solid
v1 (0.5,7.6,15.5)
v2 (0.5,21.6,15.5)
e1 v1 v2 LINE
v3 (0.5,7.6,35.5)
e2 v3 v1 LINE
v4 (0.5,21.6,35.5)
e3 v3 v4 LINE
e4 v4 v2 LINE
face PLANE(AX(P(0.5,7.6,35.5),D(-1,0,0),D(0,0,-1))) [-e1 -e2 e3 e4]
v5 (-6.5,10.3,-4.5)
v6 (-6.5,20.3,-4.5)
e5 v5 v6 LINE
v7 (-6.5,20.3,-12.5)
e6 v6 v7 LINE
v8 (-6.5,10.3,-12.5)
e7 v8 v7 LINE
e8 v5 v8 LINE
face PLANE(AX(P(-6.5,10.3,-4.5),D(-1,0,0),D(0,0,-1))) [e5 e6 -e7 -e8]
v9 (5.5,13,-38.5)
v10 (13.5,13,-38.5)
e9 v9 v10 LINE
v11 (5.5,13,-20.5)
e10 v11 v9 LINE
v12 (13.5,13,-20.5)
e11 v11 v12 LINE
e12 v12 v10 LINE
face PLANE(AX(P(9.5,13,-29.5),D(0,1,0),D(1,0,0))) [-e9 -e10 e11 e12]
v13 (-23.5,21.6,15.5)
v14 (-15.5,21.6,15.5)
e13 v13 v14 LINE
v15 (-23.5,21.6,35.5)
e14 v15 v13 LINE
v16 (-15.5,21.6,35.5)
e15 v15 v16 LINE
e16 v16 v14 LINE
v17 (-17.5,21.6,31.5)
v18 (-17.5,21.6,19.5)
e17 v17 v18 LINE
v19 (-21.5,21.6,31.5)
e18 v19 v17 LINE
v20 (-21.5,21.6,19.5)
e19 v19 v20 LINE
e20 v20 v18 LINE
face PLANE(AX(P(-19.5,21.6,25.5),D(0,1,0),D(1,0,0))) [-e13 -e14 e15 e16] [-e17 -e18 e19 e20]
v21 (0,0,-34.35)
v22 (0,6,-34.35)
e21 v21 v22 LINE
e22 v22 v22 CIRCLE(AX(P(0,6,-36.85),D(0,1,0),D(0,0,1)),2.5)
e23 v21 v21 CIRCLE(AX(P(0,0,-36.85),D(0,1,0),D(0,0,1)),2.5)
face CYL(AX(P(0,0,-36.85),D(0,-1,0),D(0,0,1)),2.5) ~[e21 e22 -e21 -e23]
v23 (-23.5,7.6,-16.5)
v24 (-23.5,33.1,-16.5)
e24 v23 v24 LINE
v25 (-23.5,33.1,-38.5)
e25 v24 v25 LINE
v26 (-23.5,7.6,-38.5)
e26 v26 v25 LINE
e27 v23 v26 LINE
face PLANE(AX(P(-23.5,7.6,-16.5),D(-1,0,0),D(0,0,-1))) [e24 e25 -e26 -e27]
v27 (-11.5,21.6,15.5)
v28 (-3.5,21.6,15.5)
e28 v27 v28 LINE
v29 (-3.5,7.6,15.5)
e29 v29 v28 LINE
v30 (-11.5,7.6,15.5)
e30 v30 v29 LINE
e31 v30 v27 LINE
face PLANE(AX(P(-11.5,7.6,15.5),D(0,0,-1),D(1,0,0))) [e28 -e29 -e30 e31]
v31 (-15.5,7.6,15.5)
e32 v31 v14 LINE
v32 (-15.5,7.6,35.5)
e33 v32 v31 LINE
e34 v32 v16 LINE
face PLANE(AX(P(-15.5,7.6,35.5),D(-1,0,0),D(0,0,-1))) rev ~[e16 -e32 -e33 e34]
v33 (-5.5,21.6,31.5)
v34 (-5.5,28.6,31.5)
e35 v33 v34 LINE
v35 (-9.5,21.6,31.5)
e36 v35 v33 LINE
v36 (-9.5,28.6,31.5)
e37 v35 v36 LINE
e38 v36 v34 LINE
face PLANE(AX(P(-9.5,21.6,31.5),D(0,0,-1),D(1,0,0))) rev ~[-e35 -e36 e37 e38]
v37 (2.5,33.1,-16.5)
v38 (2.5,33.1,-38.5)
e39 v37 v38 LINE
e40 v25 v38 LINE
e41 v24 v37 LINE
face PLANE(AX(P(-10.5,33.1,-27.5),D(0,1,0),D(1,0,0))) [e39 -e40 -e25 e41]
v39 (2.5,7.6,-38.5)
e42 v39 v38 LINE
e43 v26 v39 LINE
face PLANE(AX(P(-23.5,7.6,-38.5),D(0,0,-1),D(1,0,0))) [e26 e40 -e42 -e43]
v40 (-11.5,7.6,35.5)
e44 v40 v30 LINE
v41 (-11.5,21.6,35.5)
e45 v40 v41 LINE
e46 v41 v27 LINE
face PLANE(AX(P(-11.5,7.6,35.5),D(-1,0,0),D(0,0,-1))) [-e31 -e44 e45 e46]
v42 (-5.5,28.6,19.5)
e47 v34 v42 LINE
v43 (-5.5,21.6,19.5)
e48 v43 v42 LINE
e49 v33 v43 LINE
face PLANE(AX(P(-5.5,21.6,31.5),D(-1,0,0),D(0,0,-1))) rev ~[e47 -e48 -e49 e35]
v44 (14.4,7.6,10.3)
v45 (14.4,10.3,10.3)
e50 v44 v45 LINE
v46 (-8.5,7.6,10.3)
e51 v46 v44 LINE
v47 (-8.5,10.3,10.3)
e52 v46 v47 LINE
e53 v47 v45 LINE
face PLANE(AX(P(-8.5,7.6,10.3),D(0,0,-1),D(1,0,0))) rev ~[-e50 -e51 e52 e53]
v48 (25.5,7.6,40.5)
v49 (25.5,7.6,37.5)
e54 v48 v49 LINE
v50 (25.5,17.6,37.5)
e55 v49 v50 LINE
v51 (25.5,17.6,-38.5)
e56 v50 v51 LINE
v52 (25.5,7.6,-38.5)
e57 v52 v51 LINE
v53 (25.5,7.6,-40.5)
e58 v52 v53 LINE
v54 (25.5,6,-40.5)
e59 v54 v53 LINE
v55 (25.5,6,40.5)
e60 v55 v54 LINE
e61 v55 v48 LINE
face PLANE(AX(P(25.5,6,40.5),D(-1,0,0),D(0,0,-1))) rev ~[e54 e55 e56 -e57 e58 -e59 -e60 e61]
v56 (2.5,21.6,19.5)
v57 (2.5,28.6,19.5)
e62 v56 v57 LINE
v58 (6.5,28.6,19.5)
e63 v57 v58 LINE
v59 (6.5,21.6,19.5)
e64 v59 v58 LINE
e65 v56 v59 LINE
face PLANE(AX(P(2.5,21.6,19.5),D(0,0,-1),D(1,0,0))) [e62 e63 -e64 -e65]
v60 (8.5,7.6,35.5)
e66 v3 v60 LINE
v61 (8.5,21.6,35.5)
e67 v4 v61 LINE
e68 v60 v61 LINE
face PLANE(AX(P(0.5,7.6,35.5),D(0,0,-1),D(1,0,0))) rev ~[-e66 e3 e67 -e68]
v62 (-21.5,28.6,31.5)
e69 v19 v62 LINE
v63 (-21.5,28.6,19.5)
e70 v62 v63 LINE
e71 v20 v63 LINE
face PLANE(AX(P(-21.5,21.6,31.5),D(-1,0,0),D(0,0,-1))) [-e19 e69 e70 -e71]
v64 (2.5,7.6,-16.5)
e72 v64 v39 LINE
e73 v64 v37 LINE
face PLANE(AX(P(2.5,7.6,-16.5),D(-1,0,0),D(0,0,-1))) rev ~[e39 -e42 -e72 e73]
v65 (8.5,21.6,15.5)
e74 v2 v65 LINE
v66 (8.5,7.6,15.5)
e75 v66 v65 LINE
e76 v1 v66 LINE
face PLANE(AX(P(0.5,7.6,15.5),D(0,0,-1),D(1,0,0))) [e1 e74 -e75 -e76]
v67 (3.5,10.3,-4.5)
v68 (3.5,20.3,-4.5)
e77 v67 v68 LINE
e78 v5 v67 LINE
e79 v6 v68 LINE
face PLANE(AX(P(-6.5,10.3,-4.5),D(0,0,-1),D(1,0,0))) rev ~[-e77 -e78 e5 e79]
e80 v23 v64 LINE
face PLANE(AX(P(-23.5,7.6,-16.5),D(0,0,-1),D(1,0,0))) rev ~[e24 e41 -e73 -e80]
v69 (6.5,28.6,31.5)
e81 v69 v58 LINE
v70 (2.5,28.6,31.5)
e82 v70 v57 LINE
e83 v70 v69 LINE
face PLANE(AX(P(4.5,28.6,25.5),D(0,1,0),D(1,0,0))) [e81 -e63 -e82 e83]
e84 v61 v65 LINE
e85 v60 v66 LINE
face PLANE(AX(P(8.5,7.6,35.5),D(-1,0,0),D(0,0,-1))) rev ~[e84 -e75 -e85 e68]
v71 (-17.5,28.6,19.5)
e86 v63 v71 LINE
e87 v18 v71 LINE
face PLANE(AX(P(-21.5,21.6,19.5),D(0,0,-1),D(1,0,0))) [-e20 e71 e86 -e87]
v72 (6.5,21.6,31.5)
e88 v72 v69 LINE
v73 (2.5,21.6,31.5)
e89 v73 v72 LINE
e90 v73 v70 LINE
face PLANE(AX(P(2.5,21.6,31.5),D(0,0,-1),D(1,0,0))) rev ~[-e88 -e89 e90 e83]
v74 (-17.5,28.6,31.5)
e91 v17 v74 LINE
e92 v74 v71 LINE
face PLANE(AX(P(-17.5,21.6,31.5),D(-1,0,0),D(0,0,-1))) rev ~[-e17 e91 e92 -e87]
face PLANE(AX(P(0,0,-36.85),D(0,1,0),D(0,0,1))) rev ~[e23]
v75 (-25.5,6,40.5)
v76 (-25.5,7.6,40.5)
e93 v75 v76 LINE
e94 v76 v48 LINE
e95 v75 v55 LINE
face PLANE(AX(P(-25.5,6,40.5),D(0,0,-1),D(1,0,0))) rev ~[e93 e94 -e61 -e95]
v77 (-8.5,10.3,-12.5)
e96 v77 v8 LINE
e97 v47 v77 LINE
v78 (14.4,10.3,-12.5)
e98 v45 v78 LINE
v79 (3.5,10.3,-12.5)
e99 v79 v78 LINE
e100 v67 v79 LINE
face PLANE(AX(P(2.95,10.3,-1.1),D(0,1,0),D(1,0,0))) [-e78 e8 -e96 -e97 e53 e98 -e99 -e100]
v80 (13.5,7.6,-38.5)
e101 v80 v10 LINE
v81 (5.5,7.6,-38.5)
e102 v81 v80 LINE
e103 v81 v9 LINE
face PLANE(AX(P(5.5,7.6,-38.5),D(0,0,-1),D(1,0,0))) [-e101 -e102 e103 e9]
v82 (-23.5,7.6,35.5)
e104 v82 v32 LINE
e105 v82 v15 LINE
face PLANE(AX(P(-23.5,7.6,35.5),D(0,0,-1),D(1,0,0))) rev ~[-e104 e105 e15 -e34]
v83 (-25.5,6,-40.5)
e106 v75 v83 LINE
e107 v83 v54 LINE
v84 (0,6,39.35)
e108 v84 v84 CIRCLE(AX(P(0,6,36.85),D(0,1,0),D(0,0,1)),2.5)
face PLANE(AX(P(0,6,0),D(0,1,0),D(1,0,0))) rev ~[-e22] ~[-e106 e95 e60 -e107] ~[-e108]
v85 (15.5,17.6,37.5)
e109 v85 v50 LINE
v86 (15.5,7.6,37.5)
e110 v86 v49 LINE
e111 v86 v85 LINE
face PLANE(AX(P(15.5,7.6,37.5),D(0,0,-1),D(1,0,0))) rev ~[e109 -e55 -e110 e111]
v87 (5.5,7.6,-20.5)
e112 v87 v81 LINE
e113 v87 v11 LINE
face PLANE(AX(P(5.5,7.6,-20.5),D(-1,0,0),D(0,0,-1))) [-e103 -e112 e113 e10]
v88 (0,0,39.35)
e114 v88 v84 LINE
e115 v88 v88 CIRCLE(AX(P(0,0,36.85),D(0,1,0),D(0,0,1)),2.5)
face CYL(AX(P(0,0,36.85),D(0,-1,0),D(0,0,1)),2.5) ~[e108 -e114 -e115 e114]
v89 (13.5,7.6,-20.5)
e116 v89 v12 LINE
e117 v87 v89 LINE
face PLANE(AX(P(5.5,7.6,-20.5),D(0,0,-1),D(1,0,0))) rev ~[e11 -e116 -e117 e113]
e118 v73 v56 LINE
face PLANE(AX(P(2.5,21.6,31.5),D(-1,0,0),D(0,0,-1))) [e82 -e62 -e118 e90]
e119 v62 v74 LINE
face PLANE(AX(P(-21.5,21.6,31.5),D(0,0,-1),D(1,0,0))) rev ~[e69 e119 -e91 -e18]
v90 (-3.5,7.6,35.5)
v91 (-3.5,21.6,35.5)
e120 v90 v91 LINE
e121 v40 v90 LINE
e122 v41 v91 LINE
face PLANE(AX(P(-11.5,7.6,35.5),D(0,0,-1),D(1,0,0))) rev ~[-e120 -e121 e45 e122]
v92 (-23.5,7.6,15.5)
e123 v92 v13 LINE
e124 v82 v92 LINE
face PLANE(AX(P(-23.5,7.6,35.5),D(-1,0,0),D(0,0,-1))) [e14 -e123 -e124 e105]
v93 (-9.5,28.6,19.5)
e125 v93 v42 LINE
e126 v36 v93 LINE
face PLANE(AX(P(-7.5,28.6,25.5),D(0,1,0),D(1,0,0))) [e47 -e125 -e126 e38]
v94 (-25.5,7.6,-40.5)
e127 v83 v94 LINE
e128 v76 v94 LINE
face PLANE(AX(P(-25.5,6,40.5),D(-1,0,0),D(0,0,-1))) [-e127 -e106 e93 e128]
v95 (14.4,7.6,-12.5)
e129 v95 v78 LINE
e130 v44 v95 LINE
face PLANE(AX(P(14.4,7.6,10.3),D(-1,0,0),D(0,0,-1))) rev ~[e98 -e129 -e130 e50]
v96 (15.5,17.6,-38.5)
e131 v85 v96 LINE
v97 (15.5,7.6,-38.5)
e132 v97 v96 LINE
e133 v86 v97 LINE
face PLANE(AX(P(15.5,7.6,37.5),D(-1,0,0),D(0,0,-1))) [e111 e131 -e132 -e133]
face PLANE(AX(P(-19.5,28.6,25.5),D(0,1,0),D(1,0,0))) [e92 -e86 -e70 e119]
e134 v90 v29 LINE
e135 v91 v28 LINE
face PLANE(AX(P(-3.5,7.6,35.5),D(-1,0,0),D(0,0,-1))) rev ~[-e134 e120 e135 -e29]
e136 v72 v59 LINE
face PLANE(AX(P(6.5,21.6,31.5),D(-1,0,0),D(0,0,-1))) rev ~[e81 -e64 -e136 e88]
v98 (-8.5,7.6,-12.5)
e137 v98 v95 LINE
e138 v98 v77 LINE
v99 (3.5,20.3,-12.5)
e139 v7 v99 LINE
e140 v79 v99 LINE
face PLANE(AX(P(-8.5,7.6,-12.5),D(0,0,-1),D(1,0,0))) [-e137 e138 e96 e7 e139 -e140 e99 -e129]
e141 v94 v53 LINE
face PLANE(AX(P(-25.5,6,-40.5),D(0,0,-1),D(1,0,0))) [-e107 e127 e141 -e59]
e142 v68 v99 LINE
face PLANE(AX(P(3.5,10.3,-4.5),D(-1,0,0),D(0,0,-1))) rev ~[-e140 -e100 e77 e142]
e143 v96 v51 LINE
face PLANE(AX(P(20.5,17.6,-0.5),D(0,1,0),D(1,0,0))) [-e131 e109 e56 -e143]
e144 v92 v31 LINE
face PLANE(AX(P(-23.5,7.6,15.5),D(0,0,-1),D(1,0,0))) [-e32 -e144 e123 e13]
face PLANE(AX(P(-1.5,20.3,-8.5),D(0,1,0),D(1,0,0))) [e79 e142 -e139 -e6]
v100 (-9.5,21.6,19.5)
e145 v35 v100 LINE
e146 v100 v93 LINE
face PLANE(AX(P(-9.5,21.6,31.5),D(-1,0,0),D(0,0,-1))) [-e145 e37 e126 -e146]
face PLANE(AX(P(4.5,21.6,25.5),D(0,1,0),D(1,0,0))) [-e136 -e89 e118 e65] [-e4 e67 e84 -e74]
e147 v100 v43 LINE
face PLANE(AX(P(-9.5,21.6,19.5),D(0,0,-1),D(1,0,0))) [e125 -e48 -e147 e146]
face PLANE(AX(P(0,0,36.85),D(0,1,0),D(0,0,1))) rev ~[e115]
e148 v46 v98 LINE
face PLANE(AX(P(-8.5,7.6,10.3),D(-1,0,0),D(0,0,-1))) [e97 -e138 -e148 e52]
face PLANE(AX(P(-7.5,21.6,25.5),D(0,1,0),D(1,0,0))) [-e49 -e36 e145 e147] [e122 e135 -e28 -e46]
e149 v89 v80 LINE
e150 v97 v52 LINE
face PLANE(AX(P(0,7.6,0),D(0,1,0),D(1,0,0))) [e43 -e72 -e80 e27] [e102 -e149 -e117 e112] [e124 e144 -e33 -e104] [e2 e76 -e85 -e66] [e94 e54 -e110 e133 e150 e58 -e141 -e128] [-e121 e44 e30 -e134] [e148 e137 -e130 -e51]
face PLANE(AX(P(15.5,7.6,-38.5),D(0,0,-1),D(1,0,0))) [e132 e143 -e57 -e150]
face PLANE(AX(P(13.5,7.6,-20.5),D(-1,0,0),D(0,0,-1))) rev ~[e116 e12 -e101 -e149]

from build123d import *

# Parameters (mm, degrees)
SK_P01_STANDOFF_R                  = 2.5
P01_STANDOFF_DEPTH                 = 6
SK_P02_STANDOFF_R                  = 2.5
P02_STANDOFF_DEPTH                 = 6
P03_PERMAPROTOHALFSIZEBOARD_START  = 6
SK_P03_PERMAPROTOHALFSIZEBOARD_W   = 51
SK_P03_PERMAPROTOHALFSIZEBOARD_H   = 81
P03_PERMAPROTOHALFSIZEBOARD_DEPTH  = 1.6
P04_K1RELAYCB1AFP12V_START         = 7.6
SK_P04_K1RELAYCB1AFP12V_W          = 26
SK_P04_K1RELAYCB1AFP12V_H          = 22
P04_K1RELAYCB1AFP12V_DEPTH         = 25.5
P05_R1D3D4K1COIL_START             = 7.6
SK_P05_R1D3D4K1COIL_W              = 8
SK_P05_R1D3D4K1COIL_H              = 18
P05_R1D3D4K1COIL_DEPTH             = 5.4
P06_INA2601MOTOR_START             = 7.6
SK_P06_INA2601MOTOR_W              = 22.9
SK_P06_INA2601MOTOR_H              = 22.8
P06_INA2601MOTOR_DEPTH             = 2.7
P07_INA260TERMINALBLOCK_START      = 10.3
SK_P07_INA260TERMINALBLOCK_W       = 10
SK_P07_INA260TERMINALBLOCK_H       = 8
P07_INA260TERMINALBLOCK_DEPTH      = 10
P08_F1HOLDER30APCBBLADE_START      = 7.6
SK_P08_F1HOLDER30APCBBLADE_W       = 8
SK_P08_F1HOLDER30APCBBLADE_H       = 20
P08_F1HOLDER30APCBBLADE_DEPTH      = 14
P09_F115AFUSE_START                = 21.6
SK_P09_F115AFUSE_W                 = 4
SK_P09_F115AFUSE_H                 = 12
P09_F115AFUSE_DEPTH                = 7
P10_F3HOLDER_START                 = 7.6
SK_P10_F3HOLDER_W                  = 8
SK_P10_F3HOLDER_H                  = 20
P10_F3HOLDER_DEPTH                 = 14
P11_F33AFUSE_START                 = 21.6
SK_P11_F33AFUSE_W                  = 4
SK_P11_F33AFUSE_H                  = 12
P11_F33AFUSE_DEPTH                 = 7
P12_F4HOLDER_START                 = 7.6
SK_P12_F4HOLDER_W                  = 8
SK_P12_F4HOLDER_H                  = 20
P12_F4HOLDER_DEPTH                 = 14
P13_F43AFUSE_START                 = 21.6
SK_P13_F43AFUSE_W                  = 4
SK_P13_F43AFUSE_H                  = 12
P13_F43AFUSE_DEPTH                 = 7
P14_TERMINALBLOCKSTB1TB4WIRE_START = 7.6
SK_P14_TERMINALBLOCKSTB1TB4WIRE_W  = 10
SK_P14_TERMINALBLOCKSTB1TB4WIRE_H  = 76
P14_TERMINALBLOCKSTB1TB4WIRE_DEPTH = 10


with BuildPart() as part:
    # SK_P01_Standoff → P01_Standoff (new body)
    with BuildSketch(Plane(origin=(0, 0, 0), x_dir=(1, 0, 0), z_dir=(0, 1, 0))):
        with Locations(Location((0, 36.85, 0), (0, 0, 270))):
            Circle(SK_P01_STANDOFF_R)
    extrude(amount=P01_STANDOFF_DEPTH)



with BuildPart() as body_2:
    # SK_P02_Standoff → P02_Standoff (new body)
    with BuildSketch(Plane(origin=(0, 0, 0), x_dir=(1, 0, 0), z_dir=(0, 1, 0))):
        with Locations(Location((0, -36.85, 0), (0, 0, 270))):
            Circle(SK_P02_STANDOFF_R)
    extrude(amount=P02_STANDOFF_DEPTH)


with BuildPart() as part_1:
    add(part.part)

    add(body_2.part)  # P03_PermaProtohalfsizeboard merges body 2
    # SK_P03_PermaProtohalfsizeboard → P03_PermaProtohalfsizeboard (add)
    with BuildSketch(Plane(origin=(0, 0, 0), x_dir=(1, 0, 0), z_dir=(0, 1, 0)).offset(P03_PERMAPROTOHALFSIZEBOARD_START)):
        Rectangle(SK_P03_PERMAPROTOHALFSIZEBOARD_W, SK_P03_PERMAPROTOHALFSIZEBOARD_H)
    extrude(amount=P03_PERMAPROTOHALFSIZEBOARD_DEPTH)

    # SK_P04_K1relayCB1aFP12V → P04_K1relayCB1aFP12V (add)
    with BuildSketch(Plane(origin=(0, 0, 0), x_dir=(1, 0, 0), z_dir=(0, 1, 0)).offset(P04_K1RELAYCB1AFP12V_START)):
        with Locations((-10.5, 27.5)):
            Rectangle(SK_P04_K1RELAYCB1AFP12V_W, SK_P04_K1RELAYCB1AFP12V_H)
    extrude(amount=P04_K1RELAYCB1AFP12V_DEPTH)

    # SK_P05_R1D3D4K1coil → P05_R1D3D4K1coil (add)
    with BuildSketch(Plane(origin=(0, 0, 0), x_dir=(1, 0, 0), z_dir=(0, 1, 0)).offset(P05_R1D3D4K1COIL_START)):
        with Locations((9.5, 29.5)):
            Rectangle(SK_P05_R1D3D4K1COIL_W, SK_P05_R1D3D4K1COIL_H)
    extrude(amount=P05_R1D3D4K1COIL_DEPTH)

    # SK_P06_INA2601motor → P06_INA2601motor (add)
    with BuildSketch(Plane(origin=(0, 0, 0), x_dir=(1, 0, 0), z_dir=(0, 1, 0)).offset(P06_INA2601MOTOR_START)):
        with Locations((2.95, 1.1)):
            Rectangle(SK_P06_INA2601MOTOR_W, SK_P06_INA2601MOTOR_H)
    extrude(amount=P06_INA2601MOTOR_DEPTH)

    # SK_P07_INA260terminalblock → P07_INA260terminalblock (add)
    with BuildSketch(Plane(origin=(0, 0, 0), x_dir=(1, 0, 0), z_dir=(0, 1, 0)).offset(P07_INA260TERMINALBLOCK_START)):
        with Locations((-1.5, 8.5)):
            Rectangle(SK_P07_INA260TERMINALBLOCK_W, SK_P07_INA260TERMINALBLOCK_H)
    extrude(amount=P07_INA260TERMINALBLOCK_DEPTH)

    # SK_P08_F1holder30APCBblade → P08_F1holder30APCBblade (add)
    with BuildSketch(Plane(origin=(0, 0, 0), x_dir=(1, 0, 0), z_dir=(0, 1, 0)).offset(P08_F1HOLDER30APCBBLADE_START)):
        with Locations((-19.5, -25.5)):
            Rectangle(SK_P08_F1HOLDER30APCBBLADE_W, SK_P08_F1HOLDER30APCBBLADE_H)
    extrude(amount=P08_F1HOLDER30APCBBLADE_DEPTH)

    # SK_P09_F115Afuse → P09_F115Afuse (add)
    with BuildSketch(Plane(origin=(0, 0, 0), x_dir=(1, 0, 0), z_dir=(0, 1, 0)).offset(P09_F115AFUSE_START)):
        with Locations((-19.5, -25.5)):
            Rectangle(SK_P09_F115AFUSE_W, SK_P09_F115AFUSE_H)
    extrude(amount=P09_F115AFUSE_DEPTH)

    # SK_P10_F3holder → P10_F3holder (add)
    with BuildSketch(Plane(origin=(0, 0, 0), x_dir=(1, 0, 0), z_dir=(0, 1, 0)).offset(P10_F3HOLDER_START)):
        with Locations((-7.5, -25.5)):
            Rectangle(SK_P10_F3HOLDER_W, SK_P10_F3HOLDER_H)
    extrude(amount=P10_F3HOLDER_DEPTH)

    # SK_P11_F33Afuse → P11_F33Afuse (add)
    with BuildSketch(Plane(origin=(0, 0, 0), x_dir=(1, 0, 0), z_dir=(0, 1, 0)).offset(P11_F33AFUSE_START)):
        with Locations((-7.5, -25.5)):
            Rectangle(SK_P11_F33AFUSE_W, SK_P11_F33AFUSE_H)
    extrude(amount=P11_F33AFUSE_DEPTH)

    # SK_P12_F4holder → P12_F4holder (add)
    with BuildSketch(Plane(origin=(0, 0, 0), x_dir=(1, 0, 0), z_dir=(0, 1, 0)).offset(P12_F4HOLDER_START)):
        with Locations((4.5, -25.5)):
            Rectangle(SK_P12_F4HOLDER_W, SK_P12_F4HOLDER_H)
    extrude(amount=P12_F4HOLDER_DEPTH)

    # SK_P13_F43Afuse → P13_F43Afuse (add)
    with BuildSketch(Plane(origin=(0, 0, 0), x_dir=(1, 0, 0), z_dir=(0, 1, 0)).offset(P13_F43AFUSE_START)):
        with Locations((4.5, -25.5)):
            Rectangle(SK_P13_F43AFUSE_W, SK_P13_F43AFUSE_H)
    extrude(amount=P13_F43AFUSE_DEPTH)

    # SK_P14_TerminalblocksTB1TB4wire → P14_TerminalblocksTB1TB4wire (add)
    with BuildSketch(Plane(origin=(0, 0, 0), x_dir=(1, 0, 0), z_dir=(0, 1, 0)).offset(P14_TERMINALBLOCKSTB1TB4WIRE_START)):
        with Locations((20.5, 0.5)):
            Rectangle(SK_P14_TERMINALBLOCKSTB1TB4WIRE_W, SK_P14_TERMINALBLOCKSTB1TB4WIRE_H)
    extrude(amount=P14_TERMINALBLOCKSTB1TB4WIRE_DEPTH)


solid = part_1.part
